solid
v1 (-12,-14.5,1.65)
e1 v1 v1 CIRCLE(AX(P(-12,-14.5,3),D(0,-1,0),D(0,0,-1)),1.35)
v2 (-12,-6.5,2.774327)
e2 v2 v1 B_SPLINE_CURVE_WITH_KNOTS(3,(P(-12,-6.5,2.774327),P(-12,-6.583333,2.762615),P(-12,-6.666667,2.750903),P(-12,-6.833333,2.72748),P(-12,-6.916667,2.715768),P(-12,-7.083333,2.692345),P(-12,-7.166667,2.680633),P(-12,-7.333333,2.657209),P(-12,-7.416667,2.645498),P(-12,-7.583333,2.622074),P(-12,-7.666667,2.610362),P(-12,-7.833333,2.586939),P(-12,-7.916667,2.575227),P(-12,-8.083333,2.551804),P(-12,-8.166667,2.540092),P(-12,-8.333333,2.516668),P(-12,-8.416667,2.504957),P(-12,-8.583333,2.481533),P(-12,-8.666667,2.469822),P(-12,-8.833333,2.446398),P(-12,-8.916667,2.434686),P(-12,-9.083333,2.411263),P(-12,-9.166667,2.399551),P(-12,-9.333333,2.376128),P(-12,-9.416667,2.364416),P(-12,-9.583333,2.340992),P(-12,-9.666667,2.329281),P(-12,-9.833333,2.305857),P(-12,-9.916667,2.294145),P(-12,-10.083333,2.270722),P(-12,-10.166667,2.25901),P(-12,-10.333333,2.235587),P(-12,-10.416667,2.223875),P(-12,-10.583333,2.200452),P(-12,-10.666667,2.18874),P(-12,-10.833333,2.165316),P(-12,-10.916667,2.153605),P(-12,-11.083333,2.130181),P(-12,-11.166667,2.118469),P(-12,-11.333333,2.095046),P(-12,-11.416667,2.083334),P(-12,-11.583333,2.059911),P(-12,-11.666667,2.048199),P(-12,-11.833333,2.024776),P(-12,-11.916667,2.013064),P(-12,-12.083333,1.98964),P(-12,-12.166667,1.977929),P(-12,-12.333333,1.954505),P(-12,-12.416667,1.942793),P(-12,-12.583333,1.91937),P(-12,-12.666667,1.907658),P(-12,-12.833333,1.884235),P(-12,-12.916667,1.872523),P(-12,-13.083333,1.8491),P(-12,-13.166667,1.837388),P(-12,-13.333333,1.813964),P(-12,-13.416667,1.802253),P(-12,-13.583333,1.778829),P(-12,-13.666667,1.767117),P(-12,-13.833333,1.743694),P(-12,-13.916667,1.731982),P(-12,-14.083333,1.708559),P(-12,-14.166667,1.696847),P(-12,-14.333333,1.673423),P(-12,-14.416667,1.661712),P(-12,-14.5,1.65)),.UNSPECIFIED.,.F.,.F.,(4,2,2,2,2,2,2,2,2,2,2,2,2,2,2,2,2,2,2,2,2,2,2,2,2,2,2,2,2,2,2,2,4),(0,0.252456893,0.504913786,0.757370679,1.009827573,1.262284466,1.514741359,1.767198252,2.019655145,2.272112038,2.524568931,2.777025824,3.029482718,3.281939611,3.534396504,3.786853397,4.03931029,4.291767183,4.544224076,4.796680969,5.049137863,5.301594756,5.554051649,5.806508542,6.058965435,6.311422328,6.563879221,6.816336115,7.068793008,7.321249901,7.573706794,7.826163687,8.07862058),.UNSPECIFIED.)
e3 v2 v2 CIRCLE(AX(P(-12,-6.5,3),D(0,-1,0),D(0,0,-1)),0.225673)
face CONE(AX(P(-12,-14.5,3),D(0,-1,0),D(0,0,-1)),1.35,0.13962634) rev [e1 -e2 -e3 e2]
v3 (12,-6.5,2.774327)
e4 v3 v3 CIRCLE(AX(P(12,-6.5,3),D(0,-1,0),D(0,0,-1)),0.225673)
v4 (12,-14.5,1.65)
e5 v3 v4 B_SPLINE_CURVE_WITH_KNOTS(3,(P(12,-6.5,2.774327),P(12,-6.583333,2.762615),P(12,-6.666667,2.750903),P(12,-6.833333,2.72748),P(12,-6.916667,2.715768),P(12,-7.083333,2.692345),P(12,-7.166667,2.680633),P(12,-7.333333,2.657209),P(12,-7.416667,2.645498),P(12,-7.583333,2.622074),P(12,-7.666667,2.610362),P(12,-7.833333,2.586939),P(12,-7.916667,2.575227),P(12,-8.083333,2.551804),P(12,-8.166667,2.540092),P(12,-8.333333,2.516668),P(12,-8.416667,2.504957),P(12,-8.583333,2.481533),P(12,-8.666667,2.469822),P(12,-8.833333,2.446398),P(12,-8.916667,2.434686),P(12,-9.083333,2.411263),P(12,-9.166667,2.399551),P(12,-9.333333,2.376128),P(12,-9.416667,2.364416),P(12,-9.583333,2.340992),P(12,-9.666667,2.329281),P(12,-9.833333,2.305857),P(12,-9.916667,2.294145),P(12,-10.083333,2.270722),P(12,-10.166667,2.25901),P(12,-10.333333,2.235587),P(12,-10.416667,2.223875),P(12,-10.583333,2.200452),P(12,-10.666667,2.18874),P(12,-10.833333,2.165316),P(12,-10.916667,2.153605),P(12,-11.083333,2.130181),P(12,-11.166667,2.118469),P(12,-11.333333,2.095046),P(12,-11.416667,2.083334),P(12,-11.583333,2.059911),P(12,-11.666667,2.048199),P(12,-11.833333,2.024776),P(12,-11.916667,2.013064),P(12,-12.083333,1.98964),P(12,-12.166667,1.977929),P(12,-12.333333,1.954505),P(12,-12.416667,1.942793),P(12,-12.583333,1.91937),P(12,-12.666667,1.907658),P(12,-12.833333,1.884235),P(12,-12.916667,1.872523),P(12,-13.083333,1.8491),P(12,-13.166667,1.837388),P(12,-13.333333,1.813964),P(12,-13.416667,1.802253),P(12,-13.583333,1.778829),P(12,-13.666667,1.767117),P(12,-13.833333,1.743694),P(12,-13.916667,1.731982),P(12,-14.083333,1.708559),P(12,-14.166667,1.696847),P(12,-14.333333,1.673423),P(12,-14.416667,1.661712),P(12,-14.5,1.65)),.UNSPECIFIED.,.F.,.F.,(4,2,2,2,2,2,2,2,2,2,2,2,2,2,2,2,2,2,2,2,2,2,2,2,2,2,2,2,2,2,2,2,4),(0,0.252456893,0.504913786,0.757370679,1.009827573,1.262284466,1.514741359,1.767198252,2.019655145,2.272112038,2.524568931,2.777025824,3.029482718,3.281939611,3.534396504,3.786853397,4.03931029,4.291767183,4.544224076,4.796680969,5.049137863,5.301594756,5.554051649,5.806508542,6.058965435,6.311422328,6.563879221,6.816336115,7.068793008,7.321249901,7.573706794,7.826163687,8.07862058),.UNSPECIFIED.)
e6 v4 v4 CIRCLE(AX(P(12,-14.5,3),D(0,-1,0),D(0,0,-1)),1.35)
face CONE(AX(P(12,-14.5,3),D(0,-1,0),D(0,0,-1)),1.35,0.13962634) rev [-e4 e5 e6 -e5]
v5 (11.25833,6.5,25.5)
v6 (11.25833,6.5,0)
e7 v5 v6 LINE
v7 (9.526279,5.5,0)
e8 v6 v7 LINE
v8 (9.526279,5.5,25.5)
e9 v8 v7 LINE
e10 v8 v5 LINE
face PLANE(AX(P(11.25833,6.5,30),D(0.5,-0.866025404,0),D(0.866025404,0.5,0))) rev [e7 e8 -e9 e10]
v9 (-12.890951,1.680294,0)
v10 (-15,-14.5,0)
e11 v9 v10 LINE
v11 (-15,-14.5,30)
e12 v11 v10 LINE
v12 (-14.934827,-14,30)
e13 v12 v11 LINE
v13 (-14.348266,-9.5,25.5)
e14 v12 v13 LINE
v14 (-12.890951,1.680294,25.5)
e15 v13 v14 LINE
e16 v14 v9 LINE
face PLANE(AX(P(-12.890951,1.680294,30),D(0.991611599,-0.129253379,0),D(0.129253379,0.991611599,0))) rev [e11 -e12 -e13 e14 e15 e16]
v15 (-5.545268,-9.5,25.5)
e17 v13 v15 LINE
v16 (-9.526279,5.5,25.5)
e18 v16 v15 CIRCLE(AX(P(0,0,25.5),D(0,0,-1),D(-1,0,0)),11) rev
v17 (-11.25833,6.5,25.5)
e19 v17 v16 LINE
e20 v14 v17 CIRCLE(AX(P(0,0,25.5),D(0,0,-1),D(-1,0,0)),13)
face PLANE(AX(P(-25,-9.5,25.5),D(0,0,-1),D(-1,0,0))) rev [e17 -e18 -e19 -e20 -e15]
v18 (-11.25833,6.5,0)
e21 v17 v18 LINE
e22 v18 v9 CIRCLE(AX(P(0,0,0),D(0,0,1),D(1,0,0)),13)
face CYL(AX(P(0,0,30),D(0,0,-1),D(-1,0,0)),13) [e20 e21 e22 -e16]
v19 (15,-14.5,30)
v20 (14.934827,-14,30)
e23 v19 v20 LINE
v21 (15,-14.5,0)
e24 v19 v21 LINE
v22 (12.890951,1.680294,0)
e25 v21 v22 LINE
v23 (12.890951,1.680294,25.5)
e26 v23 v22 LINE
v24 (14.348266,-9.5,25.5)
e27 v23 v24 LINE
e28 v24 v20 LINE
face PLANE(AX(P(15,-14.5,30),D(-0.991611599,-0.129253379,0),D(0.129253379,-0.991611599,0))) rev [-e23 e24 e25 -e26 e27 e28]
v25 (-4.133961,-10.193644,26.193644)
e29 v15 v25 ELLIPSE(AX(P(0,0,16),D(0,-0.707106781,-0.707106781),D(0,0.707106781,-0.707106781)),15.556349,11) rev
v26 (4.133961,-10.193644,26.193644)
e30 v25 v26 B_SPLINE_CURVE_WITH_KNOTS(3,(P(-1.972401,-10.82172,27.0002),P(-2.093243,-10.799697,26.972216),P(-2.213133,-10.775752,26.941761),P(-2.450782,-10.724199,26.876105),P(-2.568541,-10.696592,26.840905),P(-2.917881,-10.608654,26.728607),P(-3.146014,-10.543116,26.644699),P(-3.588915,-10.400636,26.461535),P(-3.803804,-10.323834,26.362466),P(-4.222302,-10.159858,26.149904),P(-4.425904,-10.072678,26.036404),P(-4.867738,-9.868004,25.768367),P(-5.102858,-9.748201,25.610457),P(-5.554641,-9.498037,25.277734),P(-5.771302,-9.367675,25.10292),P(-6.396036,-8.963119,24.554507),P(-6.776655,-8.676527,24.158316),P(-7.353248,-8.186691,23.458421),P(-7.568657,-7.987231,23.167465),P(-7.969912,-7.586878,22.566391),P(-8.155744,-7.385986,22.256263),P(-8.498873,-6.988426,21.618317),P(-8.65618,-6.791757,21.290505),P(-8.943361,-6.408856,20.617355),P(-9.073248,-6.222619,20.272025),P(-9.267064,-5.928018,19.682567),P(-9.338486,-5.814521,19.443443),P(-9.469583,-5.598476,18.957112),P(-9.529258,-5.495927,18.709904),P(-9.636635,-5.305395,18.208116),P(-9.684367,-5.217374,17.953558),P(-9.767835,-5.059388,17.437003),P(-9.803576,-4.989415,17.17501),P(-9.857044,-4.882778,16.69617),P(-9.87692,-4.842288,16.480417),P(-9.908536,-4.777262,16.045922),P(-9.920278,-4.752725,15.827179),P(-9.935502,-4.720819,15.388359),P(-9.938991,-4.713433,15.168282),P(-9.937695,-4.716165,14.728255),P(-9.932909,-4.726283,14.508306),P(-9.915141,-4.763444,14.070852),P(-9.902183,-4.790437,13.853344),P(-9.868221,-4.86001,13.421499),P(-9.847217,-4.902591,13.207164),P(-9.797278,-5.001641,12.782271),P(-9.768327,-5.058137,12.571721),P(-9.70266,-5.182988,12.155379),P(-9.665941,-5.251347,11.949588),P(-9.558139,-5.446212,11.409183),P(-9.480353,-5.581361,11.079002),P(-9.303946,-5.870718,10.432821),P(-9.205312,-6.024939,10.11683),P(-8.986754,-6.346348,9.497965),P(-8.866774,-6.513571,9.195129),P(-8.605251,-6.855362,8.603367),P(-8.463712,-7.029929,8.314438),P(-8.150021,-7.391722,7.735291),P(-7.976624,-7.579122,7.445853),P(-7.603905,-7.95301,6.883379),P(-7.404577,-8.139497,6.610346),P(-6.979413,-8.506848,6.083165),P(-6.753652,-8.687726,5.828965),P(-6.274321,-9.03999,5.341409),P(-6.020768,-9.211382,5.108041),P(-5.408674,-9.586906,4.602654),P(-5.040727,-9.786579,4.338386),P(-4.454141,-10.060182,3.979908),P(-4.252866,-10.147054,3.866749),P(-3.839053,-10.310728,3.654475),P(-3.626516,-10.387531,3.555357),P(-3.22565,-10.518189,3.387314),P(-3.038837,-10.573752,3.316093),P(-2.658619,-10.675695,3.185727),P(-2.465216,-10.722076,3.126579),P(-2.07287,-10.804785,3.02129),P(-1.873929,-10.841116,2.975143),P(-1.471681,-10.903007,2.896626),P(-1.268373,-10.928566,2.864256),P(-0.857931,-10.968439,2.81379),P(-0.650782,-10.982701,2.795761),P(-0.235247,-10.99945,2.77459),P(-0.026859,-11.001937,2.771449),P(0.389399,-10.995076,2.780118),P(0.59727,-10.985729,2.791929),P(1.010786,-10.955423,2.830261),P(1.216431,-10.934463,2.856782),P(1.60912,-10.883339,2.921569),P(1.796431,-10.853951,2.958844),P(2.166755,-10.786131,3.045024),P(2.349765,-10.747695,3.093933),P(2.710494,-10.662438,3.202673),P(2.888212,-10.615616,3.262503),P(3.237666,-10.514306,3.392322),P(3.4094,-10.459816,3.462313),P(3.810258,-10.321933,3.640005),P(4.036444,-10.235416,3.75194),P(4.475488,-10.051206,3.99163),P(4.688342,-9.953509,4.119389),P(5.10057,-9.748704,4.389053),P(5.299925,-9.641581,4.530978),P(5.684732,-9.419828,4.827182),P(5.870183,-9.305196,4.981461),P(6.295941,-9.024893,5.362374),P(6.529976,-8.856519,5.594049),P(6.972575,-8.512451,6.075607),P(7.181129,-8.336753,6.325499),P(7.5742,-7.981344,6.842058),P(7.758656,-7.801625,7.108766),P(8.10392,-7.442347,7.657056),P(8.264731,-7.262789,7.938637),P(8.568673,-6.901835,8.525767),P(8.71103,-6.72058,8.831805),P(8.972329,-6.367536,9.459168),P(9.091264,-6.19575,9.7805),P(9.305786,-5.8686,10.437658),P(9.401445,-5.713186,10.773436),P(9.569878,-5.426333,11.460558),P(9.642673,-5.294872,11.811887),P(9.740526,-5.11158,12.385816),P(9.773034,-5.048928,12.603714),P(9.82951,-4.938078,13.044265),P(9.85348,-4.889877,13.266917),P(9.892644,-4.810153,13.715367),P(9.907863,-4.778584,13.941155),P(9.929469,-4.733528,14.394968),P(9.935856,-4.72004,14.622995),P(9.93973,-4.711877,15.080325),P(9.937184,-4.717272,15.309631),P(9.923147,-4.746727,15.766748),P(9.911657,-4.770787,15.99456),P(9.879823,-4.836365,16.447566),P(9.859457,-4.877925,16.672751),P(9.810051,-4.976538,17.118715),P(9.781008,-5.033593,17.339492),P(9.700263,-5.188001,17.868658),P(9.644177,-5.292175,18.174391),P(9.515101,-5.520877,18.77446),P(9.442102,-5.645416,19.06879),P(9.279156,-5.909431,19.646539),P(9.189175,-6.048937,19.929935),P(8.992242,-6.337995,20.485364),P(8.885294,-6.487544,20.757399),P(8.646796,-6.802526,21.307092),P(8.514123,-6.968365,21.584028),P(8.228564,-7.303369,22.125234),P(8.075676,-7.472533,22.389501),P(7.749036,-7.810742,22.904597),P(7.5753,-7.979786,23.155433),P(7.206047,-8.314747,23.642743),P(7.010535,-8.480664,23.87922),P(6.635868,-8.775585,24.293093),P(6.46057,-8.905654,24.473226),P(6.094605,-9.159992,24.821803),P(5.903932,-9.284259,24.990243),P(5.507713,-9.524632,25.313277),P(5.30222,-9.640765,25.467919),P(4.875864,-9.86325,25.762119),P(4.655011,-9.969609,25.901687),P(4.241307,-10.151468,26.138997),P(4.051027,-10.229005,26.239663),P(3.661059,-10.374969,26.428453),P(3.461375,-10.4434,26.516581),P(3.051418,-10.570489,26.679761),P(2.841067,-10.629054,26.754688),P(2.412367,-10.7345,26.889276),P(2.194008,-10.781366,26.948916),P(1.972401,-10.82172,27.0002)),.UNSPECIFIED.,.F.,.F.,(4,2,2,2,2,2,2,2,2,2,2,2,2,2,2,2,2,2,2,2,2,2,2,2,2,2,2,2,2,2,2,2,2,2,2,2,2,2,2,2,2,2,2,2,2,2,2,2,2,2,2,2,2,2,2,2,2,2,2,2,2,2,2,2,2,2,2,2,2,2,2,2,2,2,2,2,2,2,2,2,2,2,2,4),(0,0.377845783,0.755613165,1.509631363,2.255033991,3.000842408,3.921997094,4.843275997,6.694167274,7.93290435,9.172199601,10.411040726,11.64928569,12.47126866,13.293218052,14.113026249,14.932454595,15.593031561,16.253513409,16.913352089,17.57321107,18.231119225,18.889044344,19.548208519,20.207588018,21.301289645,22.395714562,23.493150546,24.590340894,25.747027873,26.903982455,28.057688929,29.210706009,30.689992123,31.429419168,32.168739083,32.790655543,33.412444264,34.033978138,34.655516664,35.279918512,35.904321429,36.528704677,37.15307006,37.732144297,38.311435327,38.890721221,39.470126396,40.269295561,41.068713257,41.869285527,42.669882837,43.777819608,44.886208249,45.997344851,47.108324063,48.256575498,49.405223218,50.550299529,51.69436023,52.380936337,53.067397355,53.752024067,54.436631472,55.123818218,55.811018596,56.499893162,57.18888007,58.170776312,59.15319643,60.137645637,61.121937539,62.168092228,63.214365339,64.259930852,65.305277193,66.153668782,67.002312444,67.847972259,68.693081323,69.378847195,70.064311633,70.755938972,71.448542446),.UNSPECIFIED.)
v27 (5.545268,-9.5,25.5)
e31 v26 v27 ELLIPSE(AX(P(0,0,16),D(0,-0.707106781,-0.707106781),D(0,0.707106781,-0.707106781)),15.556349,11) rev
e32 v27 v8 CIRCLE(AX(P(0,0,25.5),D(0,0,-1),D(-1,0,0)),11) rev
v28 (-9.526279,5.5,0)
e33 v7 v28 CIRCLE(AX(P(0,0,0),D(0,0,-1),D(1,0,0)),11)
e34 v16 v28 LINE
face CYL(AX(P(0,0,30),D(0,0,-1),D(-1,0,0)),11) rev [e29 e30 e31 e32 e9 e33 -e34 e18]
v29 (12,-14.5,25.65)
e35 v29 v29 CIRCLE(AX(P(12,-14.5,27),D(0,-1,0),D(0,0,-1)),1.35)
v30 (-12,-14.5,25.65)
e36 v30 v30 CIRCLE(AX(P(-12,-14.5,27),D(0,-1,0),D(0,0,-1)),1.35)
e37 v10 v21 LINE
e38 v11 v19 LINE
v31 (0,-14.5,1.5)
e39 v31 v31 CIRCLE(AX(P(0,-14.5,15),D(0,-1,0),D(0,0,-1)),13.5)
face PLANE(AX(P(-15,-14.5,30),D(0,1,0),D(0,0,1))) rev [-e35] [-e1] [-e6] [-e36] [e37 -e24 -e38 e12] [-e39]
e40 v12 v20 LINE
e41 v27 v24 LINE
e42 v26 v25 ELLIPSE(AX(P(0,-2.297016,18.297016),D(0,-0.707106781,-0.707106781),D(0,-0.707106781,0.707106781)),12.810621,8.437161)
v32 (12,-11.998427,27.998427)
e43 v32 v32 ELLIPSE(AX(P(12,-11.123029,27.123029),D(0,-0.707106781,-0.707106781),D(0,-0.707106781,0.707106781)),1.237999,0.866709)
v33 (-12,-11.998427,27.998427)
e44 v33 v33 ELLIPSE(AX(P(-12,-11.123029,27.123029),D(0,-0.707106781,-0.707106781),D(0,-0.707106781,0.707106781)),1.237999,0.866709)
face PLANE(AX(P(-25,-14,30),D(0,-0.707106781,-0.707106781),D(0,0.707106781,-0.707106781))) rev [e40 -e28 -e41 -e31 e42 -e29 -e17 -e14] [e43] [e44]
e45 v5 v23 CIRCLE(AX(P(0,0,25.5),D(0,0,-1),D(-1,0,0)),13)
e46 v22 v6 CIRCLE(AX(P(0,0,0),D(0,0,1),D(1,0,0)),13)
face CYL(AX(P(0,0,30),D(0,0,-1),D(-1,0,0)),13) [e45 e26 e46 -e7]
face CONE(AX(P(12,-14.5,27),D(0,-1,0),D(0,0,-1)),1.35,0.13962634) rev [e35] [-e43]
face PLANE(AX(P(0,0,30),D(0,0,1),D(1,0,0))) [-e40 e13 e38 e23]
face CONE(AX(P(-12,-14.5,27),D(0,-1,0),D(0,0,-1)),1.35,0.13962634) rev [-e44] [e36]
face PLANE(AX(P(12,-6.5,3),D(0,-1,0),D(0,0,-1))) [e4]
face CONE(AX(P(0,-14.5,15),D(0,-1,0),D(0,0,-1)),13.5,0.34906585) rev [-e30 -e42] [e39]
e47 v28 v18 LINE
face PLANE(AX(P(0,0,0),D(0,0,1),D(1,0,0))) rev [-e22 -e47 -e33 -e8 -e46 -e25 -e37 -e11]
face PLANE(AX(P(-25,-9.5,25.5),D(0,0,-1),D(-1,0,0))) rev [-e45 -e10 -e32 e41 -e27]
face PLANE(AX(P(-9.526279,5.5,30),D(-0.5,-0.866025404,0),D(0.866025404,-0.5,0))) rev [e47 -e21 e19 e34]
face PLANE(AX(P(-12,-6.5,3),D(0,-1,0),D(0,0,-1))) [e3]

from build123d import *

# Parameters (mm, degrees)
EXTRUDE_1_DEPTH               = 30
CUT_EXTRUDE_1_DEPTH           = 25
SKETCH_4_R                    = 1.35
CUT_EXTRUDE_3_DEPTH           = 8
CUT_EXTRUDE_3_DRAFT           = -8
CUT_EXTRUDE_3_PROFILE_2_DEPTH = 8
CUT_EXTRUDE_3_PROFILE_2_DRAFT = -8
CUT_EXTRUDE_3_PROFILE_3_DEPTH = 8
CUT_EXTRUDE_3_PROFILE_3_DRAFT = -8
CUT_EXTRUDE_3_PROFILE_4_DEPTH = 8
CUT_EXTRUDE_3_PROFILE_4_DRAFT = -8


with BuildPart() as part:
    # 草图1 → 凸台-拉伸1 (new body)
    with BuildSketch(Plane.XY):
        with BuildLine():
            Line((-9.526279442, 5.5), (-11.258330249, 6.5))
            ThreePointArc((-11.258330249, 6.5), (-12.31277123, 4.170811027), (-12.890950792, 1.680293923))
            Line((-12.890950792, 1.680293923), (-15, -14.5))
            Line((-15, -14.5), (15, -14.5))
            Line((15, -14.5), (12.890950792, 1.680293923))
            ThreePointArc((12.890950792, 1.680293923), (12.31277123, 4.170811027), (11.258330249, 6.5))
            Line((11.258330249, 6.5), (9.526279442, 5.5))
            ThreePointArc((9.526279442, 5.5), (0, -11), (-9.526279442, 5.5))
        make_face()
    extrude(amount=EXTRUDE_1_DEPTH)

    # 草图2 → 切除-拉伸1 (cut, symmetric)
    with BuildSketch(Plane(origin=(0, 0, 0), x_dir=(0, 0, -1), z_dir=(1, 0, 0))):
        Polygon((-30, -14), (-25.5, -9.5), (-25.5, 7.359440669), (-30, 7.359440669), align=None)
    extrude(amount=CUT_EXTRUDE_1_DEPTH, both=True, mode=Mode.SUBTRACT)

    # 切除-拉伸2 cone 1 section (through the dimple's axis) → 切除-拉伸2 (revolve, cut)
    with BuildSketch(Plane(origin=(0, -14.5, 15), x_dir=(0, 0, -1), z_dir=(1, 0, 0))):
        Polygon((0, 0), (13.5, 0), (0, 37.090945163), align=None)
    revolve(axis=Axis((0, -14.5, 15), (0, 1, 0)), mode=Mode.SUBTRACT)


with BuildPart() as cut_extrude_3_tool:
    # 草图4 → 切除-拉伸3 (with draft: the straight prism first)
    with BuildSketch(Plane.XZ.offset(14.5)):
        with Locations((-12, 27)):
            Circle(SKETCH_4_R)
    extrude(amount=-CUT_EXTRUDE_3_DEPTH)
    # 切除-拉伸3: the draft: its side faces are tilted about the plane it starts from
    cut_extrude_3_sides = [cut_extrude_3_tool.faces().sort_by_distance(p)[0] for p in [
        (-13.35, -10.5, 27),
    ]]
    draft(cut_extrude_3_sides, Plane.XZ.offset(14.5), CUT_EXTRUDE_3_DRAFT)


with BuildPart() as part_1:
    add(part.part)

    # 切除-拉伸3: cut by cut_extrude_3_tool
    add(cut_extrude_3_tool.part, mode=Mode.SUBTRACT)


with BuildPart() as cut_extrude_3_profile_2_tool:
    # 草图4 → 切除-拉伸3 profile 2 (with draft: the straight prism first)
    with BuildSketch(Plane.XZ.offset(14.5)):
        with Locations((12, 27)):
            Circle(SKETCH_4_R)
    extrude(amount=-CUT_EXTRUDE_3_PROFILE_2_DEPTH)
    # 切除-拉伸3 profile 2: the draft: its side faces are tilted about the plane it starts from
    cut_extrude_3_profile_2_sides = [cut_extrude_3_profile_2_tool.faces().sort_by_distance(p)[0] for p in [
        (10.65, -10.5, 27),
    ]]
    draft(cut_extrude_3_profile_2_sides, Plane.XZ.offset(14.5), CUT_EXTRUDE_3_PROFILE_2_DRAFT)


with BuildPart() as part_2:
    add(part_1.part)

    # 切除-拉伸3 profile 2: cut by cut_extrude_3_profile_2_tool
    add(cut_extrude_3_profile_2_tool.part, mode=Mode.SUBTRACT)


with BuildPart() as cut_extrude_3_profile_3_tool:
    # 草图4 → 切除-拉伸3 profile 3 (with draft: the straight prism first)
    with BuildSketch(Plane.XZ.offset(14.5)):
        with Locations((-12, 3)):
            Circle(SKETCH_4_R)
    extrude(amount=-CUT_EXTRUDE_3_PROFILE_3_DEPTH)
    # 切除-拉伸3 profile 3: the draft: its side faces are tilted about the plane it starts from
    cut_extrude_3_profile_3_sides = [cut_extrude_3_profile_3_tool.faces().sort_by_distance(p)[0] for p in [
        (-13.35, -10.5, 3),
    ]]
    draft(cut_extrude_3_profile_3_sides, Plane.XZ.offset(14.5), CUT_EXTRUDE_3_PROFILE_3_DRAFT)


with BuildPart() as part_3:
    add(part_2.part)

    # 切除-拉伸3 profile 3: cut by cut_extrude_3_profile_3_tool
    add(cut_extrude_3_profile_3_tool.part, mode=Mode.SUBTRACT)


with BuildPart() as cut_extrude_3_profile_4_tool:
    # 草图4 → 切除-拉伸3 profile 4 (with draft: the straight prism first)
    with BuildSketch(Plane.XZ.offset(14.5)):
        with Locations((12, 3)):
            Circle(SKETCH_4_R)
    extrude(amount=-CUT_EXTRUDE_3_PROFILE_4_DEPTH)
    # 切除-拉伸3 profile 4: the draft: its side faces are tilted about the plane it starts from
    cut_extrude_3_profile_4_sides = [cut_extrude_3_profile_4_tool.faces().sort_by_distance(p)[0] for p in [
        (10.65, -10.5, 3),
    ]]
    draft(cut_extrude_3_profile_4_sides, Plane.XZ.offset(14.5), CUT_EXTRUDE_3_PROFILE_4_DRAFT)


with BuildPart() as part_4:
    add(part_3.part)

    # 切除-拉伸3 profile 4: cut by cut_extrude_3_profile_4_tool
    add(cut_extrude_3_profile_4_tool.part, mode=Mode.SUBTRACT)


solid = part_4.part
